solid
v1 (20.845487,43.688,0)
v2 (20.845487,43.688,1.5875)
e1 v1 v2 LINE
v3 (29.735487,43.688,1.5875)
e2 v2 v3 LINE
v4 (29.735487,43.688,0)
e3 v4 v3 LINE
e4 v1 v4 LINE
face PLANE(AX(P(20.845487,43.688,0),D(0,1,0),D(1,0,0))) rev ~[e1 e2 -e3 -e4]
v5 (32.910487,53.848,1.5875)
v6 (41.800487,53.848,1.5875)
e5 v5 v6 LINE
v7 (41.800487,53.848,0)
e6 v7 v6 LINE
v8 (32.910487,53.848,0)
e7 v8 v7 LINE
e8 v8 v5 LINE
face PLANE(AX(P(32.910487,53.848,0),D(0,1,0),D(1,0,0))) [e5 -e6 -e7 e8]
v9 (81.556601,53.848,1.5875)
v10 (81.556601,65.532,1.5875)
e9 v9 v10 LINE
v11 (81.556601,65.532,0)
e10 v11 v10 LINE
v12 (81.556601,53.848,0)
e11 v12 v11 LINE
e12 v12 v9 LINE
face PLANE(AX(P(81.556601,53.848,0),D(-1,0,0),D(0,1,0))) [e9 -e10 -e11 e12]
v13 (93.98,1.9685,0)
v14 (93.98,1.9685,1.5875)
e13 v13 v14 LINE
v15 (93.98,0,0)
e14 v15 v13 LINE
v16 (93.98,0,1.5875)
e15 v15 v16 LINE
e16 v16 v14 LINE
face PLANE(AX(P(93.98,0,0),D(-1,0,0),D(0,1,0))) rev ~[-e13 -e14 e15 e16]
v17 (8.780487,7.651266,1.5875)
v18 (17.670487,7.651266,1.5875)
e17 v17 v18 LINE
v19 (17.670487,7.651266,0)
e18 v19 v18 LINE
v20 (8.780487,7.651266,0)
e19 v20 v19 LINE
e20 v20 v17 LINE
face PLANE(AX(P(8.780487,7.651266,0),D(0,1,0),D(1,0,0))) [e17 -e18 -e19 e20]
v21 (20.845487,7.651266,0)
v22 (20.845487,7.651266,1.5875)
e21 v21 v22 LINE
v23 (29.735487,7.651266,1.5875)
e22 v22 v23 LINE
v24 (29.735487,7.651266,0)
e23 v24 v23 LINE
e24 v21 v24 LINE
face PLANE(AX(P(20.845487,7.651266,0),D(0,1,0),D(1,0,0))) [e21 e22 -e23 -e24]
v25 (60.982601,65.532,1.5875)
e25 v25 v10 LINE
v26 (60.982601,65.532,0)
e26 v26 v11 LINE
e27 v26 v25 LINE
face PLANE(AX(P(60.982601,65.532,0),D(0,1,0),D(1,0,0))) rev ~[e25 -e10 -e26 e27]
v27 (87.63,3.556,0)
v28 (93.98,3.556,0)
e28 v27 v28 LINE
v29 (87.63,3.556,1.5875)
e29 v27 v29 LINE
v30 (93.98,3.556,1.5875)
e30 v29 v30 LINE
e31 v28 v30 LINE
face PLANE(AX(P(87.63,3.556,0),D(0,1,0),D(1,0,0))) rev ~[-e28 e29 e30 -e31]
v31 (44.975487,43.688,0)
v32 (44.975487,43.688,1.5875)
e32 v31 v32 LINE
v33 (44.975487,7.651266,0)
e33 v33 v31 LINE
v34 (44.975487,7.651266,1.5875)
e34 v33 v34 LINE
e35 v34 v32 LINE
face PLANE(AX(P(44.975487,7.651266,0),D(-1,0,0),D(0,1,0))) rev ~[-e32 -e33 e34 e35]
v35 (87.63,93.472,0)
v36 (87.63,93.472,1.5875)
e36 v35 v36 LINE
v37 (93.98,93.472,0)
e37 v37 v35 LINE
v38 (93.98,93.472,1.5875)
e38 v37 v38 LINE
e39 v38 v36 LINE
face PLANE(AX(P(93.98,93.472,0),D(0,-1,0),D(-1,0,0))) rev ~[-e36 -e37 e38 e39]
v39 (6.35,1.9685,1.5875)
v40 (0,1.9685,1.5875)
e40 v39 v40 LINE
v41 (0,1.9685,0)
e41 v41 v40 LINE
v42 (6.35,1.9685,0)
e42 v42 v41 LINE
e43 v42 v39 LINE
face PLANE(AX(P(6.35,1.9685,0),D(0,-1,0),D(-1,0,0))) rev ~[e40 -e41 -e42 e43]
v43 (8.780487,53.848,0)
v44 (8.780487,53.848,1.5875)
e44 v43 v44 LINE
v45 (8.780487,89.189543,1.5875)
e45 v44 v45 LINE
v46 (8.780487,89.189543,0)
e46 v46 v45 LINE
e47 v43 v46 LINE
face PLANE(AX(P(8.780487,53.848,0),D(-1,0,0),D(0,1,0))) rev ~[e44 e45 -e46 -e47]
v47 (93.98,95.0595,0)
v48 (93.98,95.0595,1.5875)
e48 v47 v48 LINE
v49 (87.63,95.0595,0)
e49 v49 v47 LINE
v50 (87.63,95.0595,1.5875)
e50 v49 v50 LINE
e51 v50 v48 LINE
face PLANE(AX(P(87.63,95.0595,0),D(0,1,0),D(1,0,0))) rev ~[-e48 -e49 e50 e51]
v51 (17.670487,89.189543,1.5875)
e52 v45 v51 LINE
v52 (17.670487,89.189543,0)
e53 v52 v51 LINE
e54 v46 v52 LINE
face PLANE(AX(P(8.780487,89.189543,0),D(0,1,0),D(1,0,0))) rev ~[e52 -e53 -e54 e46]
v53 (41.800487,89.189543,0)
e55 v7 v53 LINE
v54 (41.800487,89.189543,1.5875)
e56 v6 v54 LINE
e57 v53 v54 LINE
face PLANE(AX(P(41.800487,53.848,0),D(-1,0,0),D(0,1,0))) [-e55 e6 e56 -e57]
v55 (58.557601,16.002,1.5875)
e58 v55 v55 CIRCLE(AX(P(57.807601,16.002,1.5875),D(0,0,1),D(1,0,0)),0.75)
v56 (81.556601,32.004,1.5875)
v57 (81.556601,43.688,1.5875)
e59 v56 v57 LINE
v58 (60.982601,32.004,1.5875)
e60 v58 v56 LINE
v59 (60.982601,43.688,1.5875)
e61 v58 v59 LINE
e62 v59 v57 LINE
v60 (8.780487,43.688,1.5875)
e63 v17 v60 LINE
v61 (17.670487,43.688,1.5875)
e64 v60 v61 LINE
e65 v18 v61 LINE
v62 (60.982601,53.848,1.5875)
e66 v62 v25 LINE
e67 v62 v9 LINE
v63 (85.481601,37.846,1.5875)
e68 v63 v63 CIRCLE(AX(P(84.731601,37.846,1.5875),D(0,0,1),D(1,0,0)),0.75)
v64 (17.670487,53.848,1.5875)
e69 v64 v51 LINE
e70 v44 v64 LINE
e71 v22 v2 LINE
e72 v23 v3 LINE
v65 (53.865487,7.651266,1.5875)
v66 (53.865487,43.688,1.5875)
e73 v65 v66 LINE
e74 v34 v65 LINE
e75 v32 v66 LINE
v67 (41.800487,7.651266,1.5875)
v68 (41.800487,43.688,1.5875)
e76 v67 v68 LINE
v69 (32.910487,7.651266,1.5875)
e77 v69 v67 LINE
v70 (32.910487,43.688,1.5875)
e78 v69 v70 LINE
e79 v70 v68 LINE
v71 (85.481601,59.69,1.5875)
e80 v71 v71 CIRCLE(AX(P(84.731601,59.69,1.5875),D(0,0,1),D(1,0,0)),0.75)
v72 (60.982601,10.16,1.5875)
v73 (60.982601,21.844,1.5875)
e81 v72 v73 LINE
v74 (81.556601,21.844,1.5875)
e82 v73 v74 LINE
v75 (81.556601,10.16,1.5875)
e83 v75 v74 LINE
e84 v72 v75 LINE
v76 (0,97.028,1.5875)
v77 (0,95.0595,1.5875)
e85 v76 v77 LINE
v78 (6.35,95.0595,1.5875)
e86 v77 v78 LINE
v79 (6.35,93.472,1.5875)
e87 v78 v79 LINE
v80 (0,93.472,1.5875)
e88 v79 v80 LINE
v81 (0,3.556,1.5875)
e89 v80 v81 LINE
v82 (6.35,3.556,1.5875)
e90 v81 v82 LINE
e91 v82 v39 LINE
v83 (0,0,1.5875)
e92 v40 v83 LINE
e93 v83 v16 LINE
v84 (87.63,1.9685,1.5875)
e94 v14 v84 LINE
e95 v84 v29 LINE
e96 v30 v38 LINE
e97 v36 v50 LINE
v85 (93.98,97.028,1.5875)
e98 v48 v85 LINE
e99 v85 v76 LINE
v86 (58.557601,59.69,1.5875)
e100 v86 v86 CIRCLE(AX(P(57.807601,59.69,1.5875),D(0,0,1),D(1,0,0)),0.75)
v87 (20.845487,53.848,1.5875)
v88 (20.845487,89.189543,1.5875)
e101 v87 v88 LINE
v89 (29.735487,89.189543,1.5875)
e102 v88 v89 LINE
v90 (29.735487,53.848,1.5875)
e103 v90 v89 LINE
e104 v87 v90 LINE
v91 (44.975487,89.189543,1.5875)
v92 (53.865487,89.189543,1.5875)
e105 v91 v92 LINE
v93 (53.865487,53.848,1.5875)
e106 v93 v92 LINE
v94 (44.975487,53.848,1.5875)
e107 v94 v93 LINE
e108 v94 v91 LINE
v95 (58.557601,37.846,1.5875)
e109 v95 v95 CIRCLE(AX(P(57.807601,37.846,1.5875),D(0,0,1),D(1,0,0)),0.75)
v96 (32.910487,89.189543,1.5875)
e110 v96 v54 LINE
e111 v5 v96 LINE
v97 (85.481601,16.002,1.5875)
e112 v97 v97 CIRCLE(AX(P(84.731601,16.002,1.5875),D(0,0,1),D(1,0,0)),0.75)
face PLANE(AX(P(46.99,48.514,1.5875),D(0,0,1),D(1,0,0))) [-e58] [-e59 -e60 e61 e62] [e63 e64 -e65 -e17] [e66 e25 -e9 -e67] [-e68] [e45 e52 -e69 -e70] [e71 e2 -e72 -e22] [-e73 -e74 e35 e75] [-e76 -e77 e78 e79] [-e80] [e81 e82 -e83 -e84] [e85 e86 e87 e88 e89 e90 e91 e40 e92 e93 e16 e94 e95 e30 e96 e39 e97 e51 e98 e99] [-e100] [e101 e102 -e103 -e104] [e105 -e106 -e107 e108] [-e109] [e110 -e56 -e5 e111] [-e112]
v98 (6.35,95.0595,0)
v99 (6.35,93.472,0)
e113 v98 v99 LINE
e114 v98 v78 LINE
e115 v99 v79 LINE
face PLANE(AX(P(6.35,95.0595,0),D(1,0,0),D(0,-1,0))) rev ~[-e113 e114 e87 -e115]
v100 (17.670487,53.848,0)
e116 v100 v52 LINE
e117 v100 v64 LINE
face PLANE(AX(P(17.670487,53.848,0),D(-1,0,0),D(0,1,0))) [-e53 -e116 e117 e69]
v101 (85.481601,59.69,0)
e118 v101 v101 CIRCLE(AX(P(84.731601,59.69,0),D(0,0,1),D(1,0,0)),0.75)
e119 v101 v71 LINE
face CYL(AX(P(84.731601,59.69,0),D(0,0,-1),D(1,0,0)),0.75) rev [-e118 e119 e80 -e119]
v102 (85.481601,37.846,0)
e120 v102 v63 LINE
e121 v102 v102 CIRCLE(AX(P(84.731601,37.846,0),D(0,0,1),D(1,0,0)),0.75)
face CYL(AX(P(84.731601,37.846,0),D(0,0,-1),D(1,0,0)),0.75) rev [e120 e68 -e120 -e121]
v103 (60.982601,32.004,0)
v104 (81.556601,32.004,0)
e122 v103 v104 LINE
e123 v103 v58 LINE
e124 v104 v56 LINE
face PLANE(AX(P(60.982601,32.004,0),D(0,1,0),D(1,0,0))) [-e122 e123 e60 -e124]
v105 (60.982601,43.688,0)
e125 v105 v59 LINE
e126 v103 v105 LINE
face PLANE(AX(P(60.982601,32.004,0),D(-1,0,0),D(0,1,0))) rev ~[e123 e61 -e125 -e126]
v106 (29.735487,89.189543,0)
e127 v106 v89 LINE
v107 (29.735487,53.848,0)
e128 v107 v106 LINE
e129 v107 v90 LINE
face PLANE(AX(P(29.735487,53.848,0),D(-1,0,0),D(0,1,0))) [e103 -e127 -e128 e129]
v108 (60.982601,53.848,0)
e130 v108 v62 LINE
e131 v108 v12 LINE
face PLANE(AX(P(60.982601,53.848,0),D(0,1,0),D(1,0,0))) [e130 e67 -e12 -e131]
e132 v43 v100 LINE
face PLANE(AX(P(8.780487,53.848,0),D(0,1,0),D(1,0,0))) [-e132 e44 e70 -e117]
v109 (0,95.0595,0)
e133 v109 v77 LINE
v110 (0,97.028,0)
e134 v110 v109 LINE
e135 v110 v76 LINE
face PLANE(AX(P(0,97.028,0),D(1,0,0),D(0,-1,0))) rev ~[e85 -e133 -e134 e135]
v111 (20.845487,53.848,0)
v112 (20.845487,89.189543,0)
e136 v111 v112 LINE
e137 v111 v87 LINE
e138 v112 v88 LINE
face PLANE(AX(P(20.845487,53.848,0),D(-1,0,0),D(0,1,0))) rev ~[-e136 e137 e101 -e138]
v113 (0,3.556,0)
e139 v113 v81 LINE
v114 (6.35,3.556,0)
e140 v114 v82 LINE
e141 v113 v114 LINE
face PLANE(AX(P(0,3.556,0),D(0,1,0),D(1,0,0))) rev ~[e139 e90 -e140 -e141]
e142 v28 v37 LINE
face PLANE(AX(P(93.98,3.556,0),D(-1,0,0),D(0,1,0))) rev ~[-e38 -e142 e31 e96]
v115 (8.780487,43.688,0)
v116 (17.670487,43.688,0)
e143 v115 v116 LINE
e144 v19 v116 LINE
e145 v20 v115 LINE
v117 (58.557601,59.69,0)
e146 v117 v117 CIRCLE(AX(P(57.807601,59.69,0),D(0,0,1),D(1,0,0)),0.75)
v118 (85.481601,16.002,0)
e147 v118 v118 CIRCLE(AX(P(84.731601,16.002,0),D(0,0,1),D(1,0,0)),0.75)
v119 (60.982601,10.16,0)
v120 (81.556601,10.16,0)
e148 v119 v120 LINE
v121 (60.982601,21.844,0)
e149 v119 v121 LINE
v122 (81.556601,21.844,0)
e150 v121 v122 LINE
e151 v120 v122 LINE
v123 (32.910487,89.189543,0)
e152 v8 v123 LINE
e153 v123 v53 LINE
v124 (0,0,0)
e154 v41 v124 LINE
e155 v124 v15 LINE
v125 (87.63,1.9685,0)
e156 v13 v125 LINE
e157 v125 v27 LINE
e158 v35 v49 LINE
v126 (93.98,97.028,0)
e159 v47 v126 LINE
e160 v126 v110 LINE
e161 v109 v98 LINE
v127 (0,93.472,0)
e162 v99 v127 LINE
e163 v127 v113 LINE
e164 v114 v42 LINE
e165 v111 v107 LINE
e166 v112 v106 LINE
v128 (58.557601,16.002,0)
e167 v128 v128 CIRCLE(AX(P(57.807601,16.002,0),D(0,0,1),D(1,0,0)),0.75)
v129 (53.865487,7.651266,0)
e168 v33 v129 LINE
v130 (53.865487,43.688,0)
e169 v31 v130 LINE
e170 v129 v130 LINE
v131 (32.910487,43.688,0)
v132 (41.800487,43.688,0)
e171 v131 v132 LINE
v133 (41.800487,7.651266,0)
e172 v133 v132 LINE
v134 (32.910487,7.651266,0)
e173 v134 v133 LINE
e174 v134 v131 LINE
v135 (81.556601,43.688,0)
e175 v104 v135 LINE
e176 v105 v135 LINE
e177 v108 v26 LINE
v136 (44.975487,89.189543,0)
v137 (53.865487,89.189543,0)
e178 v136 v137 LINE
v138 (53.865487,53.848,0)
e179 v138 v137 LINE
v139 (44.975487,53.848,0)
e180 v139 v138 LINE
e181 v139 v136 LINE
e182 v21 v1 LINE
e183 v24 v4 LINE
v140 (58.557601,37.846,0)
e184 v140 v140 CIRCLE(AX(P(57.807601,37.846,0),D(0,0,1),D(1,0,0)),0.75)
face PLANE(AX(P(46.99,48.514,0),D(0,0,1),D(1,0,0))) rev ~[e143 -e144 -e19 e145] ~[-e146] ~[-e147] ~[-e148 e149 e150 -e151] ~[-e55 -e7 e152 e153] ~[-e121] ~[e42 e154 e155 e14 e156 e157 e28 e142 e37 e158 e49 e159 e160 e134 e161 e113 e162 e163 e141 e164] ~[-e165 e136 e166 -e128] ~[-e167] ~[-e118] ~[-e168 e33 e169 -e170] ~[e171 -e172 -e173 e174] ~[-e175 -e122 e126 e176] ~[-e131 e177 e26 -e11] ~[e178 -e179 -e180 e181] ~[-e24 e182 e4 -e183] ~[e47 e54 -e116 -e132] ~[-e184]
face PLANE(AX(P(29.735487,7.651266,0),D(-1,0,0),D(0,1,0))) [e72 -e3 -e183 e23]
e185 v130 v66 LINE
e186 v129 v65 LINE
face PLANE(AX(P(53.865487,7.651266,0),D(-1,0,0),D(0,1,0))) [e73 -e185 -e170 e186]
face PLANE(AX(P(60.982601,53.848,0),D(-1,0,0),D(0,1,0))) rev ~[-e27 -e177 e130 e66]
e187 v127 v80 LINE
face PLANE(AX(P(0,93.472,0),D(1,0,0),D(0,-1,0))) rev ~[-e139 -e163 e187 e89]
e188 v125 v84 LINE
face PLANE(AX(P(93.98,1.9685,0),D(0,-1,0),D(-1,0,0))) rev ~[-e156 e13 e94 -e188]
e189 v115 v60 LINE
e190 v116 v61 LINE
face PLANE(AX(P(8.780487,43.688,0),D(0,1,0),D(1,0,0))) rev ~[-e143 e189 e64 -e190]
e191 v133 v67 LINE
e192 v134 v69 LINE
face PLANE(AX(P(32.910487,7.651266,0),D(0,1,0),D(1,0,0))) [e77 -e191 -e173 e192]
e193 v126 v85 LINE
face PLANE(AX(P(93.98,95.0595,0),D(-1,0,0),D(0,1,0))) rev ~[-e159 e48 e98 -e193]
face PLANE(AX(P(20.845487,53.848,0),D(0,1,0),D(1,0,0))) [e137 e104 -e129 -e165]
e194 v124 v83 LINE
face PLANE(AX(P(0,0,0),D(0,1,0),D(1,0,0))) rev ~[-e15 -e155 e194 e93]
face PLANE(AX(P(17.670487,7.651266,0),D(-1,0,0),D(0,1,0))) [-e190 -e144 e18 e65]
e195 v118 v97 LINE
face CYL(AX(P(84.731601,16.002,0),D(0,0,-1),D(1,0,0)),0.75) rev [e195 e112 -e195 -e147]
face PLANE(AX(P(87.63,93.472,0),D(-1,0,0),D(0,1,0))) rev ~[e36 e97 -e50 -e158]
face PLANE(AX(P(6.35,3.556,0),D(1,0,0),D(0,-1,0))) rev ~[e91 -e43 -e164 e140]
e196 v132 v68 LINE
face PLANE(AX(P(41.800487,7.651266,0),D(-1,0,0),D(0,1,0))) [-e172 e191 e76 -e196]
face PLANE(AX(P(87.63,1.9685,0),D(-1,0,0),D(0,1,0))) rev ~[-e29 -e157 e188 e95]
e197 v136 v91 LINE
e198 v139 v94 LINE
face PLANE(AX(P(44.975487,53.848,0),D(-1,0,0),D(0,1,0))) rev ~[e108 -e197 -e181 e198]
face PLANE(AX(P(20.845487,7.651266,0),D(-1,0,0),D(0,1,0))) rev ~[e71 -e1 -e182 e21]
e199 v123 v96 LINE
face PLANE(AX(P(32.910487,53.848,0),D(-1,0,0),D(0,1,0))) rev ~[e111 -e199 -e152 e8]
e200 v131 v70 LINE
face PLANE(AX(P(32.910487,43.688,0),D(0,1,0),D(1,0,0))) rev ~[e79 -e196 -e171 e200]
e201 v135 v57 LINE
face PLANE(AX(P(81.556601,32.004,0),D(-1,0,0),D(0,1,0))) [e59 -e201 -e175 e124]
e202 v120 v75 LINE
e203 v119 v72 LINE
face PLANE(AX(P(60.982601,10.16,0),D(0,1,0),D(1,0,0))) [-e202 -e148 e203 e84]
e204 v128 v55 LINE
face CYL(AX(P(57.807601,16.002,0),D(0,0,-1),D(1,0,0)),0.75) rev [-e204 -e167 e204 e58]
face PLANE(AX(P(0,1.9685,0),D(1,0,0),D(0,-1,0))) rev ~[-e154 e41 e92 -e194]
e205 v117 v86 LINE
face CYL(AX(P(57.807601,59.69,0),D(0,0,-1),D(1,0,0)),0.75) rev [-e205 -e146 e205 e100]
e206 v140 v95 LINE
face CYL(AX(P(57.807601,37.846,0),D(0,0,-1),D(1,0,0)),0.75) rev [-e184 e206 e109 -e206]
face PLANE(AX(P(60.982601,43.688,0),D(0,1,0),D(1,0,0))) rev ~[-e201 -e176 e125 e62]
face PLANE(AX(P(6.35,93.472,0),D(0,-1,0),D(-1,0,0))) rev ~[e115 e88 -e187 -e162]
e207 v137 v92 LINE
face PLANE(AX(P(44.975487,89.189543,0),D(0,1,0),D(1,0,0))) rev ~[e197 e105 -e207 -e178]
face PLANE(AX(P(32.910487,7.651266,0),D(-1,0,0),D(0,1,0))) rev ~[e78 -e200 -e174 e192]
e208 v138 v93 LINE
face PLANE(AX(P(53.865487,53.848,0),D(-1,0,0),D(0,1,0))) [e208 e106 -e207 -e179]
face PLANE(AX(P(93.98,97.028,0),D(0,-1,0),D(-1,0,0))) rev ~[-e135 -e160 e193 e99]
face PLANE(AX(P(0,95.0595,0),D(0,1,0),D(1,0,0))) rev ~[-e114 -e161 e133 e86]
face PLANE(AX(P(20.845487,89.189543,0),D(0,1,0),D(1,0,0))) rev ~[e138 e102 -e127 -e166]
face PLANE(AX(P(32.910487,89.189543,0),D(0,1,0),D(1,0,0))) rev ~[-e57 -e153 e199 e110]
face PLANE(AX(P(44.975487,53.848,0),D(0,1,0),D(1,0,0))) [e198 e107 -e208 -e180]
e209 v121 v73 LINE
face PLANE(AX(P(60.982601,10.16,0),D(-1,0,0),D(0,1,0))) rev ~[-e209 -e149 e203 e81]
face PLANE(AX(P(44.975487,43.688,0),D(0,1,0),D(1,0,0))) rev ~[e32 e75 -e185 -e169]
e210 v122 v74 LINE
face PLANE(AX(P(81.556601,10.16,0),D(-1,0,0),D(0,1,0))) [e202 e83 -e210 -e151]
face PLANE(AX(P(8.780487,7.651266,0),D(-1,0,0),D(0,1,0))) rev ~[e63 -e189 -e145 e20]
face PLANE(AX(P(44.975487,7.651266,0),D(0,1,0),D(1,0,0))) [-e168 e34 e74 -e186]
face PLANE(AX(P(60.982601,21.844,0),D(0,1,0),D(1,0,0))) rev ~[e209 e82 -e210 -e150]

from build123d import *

# Parameters (mm, degrees)
SKETCH1_R           = 0.75
SKETCH1_W           = 20.574
SKETCH1_H           = 11.684
SKETCH1_W_2         = 8.89
SKETCH1_H_2         = 35.341542764
SKETCH1_H_3         = 36.036734061
BOSS_EXTRUDE1_DEPTH = 1.5875


with BuildPart() as part:
    # Sketch1 → Boss-Extrude1 (new body)
    with BuildSketch(Plane.XY):
        Polygon((0, 0), (93.98, 0), (93.98, 1.9685), (87.63, 1.9685), (87.63, 3.556), (93.98, 3.556), (93.98, 93.472), (87.63, 93.472), (87.63, 95.0595), (93.98, 95.0595), (93.98, 97.028), (0, 97.028), (0, 95.0595), (6.35, 95.0595), (6.35, 93.472), (0, 93.472), (0, 3.556), (6.35, 3.556), (6.35, 1.9685), (0, 1.9685), align=None)
        with Locations((57.807600894, 16.002)):
            Circle(SKETCH1_R, mode=Mode.SUBTRACT)
        with Locations((84.731600894, 16.002)):
            Circle(SKETCH1_R, mode=Mode.SUBTRACT)
        with Locations((57.807600894, 37.846)):
            Circle(SKETCH1_R, mode=Mode.SUBTRACT)
        with Locations((84.731600894, 37.846)):
            Circle(SKETCH1_R, mode=Mode.SUBTRACT)
        with Locations((57.807600894, 59.69)):
            Circle(SKETCH1_R, mode=Mode.SUBTRACT)
        with Locations((84.731600894, 59.69)):
            Circle(SKETCH1_R, mode=Mode.SUBTRACT)
        with Locations((71.269600894, 16.002)):
            Rectangle(SKETCH1_W, SKETCH1_H, mode=Mode.SUBTRACT)
        with Locations((71.269600894, 37.846)):
            Rectangle(SKETCH1_W, SKETCH1_H, mode=Mode.SUBTRACT)
        with Locations((71.269600894, 59.69)):
            Rectangle(SKETCH1_W, SKETCH1_H, mode=Mode.SUBTRACT)
        with Locations((25.290486919, 71.518771382)):
            Rectangle(SKETCH1_W_2, SKETCH1_H_2, mode=Mode.SUBTRACT)
        with Locations((13.225486919, 71.518771382)):
            Rectangle(SKETCH1_W_2, SKETCH1_H_2, mode=Mode.SUBTRACT)
        with Locations((13.225486919, 25.66963297)):
            Rectangle(SKETCH1_W_2, SKETCH1_H_3, mode=Mode.SUBTRACT)
        with Locations((25.290486919, 25.66963297)):
            Rectangle(SKETCH1_W_2, SKETCH1_H_3, mode=Mode.SUBTRACT)
        with Locations((37.355486919, 71.518771382)):
            Rectangle(SKETCH1_W_2, SKETCH1_H_2, mode=Mode.SUBTRACT)
        with Locations((37.355486919, 25.66963297)):
            Rectangle(SKETCH1_W_2, SKETCH1_H_3, mode=Mode.SUBTRACT)
        with Locations((49.420486919, 71.518771382)):
            Rectangle(SKETCH1_W_2, SKETCH1_H_2, mode=Mode.SUBTRACT)
        with Locations((49.420486919, 25.66963297)):
            Rectangle(SKETCH1_W_2, SKETCH1_H_3, mode=Mode.SUBTRACT)
    extrude(amount=BOSS_EXTRUDE1_DEPTH)


solid = part.part
